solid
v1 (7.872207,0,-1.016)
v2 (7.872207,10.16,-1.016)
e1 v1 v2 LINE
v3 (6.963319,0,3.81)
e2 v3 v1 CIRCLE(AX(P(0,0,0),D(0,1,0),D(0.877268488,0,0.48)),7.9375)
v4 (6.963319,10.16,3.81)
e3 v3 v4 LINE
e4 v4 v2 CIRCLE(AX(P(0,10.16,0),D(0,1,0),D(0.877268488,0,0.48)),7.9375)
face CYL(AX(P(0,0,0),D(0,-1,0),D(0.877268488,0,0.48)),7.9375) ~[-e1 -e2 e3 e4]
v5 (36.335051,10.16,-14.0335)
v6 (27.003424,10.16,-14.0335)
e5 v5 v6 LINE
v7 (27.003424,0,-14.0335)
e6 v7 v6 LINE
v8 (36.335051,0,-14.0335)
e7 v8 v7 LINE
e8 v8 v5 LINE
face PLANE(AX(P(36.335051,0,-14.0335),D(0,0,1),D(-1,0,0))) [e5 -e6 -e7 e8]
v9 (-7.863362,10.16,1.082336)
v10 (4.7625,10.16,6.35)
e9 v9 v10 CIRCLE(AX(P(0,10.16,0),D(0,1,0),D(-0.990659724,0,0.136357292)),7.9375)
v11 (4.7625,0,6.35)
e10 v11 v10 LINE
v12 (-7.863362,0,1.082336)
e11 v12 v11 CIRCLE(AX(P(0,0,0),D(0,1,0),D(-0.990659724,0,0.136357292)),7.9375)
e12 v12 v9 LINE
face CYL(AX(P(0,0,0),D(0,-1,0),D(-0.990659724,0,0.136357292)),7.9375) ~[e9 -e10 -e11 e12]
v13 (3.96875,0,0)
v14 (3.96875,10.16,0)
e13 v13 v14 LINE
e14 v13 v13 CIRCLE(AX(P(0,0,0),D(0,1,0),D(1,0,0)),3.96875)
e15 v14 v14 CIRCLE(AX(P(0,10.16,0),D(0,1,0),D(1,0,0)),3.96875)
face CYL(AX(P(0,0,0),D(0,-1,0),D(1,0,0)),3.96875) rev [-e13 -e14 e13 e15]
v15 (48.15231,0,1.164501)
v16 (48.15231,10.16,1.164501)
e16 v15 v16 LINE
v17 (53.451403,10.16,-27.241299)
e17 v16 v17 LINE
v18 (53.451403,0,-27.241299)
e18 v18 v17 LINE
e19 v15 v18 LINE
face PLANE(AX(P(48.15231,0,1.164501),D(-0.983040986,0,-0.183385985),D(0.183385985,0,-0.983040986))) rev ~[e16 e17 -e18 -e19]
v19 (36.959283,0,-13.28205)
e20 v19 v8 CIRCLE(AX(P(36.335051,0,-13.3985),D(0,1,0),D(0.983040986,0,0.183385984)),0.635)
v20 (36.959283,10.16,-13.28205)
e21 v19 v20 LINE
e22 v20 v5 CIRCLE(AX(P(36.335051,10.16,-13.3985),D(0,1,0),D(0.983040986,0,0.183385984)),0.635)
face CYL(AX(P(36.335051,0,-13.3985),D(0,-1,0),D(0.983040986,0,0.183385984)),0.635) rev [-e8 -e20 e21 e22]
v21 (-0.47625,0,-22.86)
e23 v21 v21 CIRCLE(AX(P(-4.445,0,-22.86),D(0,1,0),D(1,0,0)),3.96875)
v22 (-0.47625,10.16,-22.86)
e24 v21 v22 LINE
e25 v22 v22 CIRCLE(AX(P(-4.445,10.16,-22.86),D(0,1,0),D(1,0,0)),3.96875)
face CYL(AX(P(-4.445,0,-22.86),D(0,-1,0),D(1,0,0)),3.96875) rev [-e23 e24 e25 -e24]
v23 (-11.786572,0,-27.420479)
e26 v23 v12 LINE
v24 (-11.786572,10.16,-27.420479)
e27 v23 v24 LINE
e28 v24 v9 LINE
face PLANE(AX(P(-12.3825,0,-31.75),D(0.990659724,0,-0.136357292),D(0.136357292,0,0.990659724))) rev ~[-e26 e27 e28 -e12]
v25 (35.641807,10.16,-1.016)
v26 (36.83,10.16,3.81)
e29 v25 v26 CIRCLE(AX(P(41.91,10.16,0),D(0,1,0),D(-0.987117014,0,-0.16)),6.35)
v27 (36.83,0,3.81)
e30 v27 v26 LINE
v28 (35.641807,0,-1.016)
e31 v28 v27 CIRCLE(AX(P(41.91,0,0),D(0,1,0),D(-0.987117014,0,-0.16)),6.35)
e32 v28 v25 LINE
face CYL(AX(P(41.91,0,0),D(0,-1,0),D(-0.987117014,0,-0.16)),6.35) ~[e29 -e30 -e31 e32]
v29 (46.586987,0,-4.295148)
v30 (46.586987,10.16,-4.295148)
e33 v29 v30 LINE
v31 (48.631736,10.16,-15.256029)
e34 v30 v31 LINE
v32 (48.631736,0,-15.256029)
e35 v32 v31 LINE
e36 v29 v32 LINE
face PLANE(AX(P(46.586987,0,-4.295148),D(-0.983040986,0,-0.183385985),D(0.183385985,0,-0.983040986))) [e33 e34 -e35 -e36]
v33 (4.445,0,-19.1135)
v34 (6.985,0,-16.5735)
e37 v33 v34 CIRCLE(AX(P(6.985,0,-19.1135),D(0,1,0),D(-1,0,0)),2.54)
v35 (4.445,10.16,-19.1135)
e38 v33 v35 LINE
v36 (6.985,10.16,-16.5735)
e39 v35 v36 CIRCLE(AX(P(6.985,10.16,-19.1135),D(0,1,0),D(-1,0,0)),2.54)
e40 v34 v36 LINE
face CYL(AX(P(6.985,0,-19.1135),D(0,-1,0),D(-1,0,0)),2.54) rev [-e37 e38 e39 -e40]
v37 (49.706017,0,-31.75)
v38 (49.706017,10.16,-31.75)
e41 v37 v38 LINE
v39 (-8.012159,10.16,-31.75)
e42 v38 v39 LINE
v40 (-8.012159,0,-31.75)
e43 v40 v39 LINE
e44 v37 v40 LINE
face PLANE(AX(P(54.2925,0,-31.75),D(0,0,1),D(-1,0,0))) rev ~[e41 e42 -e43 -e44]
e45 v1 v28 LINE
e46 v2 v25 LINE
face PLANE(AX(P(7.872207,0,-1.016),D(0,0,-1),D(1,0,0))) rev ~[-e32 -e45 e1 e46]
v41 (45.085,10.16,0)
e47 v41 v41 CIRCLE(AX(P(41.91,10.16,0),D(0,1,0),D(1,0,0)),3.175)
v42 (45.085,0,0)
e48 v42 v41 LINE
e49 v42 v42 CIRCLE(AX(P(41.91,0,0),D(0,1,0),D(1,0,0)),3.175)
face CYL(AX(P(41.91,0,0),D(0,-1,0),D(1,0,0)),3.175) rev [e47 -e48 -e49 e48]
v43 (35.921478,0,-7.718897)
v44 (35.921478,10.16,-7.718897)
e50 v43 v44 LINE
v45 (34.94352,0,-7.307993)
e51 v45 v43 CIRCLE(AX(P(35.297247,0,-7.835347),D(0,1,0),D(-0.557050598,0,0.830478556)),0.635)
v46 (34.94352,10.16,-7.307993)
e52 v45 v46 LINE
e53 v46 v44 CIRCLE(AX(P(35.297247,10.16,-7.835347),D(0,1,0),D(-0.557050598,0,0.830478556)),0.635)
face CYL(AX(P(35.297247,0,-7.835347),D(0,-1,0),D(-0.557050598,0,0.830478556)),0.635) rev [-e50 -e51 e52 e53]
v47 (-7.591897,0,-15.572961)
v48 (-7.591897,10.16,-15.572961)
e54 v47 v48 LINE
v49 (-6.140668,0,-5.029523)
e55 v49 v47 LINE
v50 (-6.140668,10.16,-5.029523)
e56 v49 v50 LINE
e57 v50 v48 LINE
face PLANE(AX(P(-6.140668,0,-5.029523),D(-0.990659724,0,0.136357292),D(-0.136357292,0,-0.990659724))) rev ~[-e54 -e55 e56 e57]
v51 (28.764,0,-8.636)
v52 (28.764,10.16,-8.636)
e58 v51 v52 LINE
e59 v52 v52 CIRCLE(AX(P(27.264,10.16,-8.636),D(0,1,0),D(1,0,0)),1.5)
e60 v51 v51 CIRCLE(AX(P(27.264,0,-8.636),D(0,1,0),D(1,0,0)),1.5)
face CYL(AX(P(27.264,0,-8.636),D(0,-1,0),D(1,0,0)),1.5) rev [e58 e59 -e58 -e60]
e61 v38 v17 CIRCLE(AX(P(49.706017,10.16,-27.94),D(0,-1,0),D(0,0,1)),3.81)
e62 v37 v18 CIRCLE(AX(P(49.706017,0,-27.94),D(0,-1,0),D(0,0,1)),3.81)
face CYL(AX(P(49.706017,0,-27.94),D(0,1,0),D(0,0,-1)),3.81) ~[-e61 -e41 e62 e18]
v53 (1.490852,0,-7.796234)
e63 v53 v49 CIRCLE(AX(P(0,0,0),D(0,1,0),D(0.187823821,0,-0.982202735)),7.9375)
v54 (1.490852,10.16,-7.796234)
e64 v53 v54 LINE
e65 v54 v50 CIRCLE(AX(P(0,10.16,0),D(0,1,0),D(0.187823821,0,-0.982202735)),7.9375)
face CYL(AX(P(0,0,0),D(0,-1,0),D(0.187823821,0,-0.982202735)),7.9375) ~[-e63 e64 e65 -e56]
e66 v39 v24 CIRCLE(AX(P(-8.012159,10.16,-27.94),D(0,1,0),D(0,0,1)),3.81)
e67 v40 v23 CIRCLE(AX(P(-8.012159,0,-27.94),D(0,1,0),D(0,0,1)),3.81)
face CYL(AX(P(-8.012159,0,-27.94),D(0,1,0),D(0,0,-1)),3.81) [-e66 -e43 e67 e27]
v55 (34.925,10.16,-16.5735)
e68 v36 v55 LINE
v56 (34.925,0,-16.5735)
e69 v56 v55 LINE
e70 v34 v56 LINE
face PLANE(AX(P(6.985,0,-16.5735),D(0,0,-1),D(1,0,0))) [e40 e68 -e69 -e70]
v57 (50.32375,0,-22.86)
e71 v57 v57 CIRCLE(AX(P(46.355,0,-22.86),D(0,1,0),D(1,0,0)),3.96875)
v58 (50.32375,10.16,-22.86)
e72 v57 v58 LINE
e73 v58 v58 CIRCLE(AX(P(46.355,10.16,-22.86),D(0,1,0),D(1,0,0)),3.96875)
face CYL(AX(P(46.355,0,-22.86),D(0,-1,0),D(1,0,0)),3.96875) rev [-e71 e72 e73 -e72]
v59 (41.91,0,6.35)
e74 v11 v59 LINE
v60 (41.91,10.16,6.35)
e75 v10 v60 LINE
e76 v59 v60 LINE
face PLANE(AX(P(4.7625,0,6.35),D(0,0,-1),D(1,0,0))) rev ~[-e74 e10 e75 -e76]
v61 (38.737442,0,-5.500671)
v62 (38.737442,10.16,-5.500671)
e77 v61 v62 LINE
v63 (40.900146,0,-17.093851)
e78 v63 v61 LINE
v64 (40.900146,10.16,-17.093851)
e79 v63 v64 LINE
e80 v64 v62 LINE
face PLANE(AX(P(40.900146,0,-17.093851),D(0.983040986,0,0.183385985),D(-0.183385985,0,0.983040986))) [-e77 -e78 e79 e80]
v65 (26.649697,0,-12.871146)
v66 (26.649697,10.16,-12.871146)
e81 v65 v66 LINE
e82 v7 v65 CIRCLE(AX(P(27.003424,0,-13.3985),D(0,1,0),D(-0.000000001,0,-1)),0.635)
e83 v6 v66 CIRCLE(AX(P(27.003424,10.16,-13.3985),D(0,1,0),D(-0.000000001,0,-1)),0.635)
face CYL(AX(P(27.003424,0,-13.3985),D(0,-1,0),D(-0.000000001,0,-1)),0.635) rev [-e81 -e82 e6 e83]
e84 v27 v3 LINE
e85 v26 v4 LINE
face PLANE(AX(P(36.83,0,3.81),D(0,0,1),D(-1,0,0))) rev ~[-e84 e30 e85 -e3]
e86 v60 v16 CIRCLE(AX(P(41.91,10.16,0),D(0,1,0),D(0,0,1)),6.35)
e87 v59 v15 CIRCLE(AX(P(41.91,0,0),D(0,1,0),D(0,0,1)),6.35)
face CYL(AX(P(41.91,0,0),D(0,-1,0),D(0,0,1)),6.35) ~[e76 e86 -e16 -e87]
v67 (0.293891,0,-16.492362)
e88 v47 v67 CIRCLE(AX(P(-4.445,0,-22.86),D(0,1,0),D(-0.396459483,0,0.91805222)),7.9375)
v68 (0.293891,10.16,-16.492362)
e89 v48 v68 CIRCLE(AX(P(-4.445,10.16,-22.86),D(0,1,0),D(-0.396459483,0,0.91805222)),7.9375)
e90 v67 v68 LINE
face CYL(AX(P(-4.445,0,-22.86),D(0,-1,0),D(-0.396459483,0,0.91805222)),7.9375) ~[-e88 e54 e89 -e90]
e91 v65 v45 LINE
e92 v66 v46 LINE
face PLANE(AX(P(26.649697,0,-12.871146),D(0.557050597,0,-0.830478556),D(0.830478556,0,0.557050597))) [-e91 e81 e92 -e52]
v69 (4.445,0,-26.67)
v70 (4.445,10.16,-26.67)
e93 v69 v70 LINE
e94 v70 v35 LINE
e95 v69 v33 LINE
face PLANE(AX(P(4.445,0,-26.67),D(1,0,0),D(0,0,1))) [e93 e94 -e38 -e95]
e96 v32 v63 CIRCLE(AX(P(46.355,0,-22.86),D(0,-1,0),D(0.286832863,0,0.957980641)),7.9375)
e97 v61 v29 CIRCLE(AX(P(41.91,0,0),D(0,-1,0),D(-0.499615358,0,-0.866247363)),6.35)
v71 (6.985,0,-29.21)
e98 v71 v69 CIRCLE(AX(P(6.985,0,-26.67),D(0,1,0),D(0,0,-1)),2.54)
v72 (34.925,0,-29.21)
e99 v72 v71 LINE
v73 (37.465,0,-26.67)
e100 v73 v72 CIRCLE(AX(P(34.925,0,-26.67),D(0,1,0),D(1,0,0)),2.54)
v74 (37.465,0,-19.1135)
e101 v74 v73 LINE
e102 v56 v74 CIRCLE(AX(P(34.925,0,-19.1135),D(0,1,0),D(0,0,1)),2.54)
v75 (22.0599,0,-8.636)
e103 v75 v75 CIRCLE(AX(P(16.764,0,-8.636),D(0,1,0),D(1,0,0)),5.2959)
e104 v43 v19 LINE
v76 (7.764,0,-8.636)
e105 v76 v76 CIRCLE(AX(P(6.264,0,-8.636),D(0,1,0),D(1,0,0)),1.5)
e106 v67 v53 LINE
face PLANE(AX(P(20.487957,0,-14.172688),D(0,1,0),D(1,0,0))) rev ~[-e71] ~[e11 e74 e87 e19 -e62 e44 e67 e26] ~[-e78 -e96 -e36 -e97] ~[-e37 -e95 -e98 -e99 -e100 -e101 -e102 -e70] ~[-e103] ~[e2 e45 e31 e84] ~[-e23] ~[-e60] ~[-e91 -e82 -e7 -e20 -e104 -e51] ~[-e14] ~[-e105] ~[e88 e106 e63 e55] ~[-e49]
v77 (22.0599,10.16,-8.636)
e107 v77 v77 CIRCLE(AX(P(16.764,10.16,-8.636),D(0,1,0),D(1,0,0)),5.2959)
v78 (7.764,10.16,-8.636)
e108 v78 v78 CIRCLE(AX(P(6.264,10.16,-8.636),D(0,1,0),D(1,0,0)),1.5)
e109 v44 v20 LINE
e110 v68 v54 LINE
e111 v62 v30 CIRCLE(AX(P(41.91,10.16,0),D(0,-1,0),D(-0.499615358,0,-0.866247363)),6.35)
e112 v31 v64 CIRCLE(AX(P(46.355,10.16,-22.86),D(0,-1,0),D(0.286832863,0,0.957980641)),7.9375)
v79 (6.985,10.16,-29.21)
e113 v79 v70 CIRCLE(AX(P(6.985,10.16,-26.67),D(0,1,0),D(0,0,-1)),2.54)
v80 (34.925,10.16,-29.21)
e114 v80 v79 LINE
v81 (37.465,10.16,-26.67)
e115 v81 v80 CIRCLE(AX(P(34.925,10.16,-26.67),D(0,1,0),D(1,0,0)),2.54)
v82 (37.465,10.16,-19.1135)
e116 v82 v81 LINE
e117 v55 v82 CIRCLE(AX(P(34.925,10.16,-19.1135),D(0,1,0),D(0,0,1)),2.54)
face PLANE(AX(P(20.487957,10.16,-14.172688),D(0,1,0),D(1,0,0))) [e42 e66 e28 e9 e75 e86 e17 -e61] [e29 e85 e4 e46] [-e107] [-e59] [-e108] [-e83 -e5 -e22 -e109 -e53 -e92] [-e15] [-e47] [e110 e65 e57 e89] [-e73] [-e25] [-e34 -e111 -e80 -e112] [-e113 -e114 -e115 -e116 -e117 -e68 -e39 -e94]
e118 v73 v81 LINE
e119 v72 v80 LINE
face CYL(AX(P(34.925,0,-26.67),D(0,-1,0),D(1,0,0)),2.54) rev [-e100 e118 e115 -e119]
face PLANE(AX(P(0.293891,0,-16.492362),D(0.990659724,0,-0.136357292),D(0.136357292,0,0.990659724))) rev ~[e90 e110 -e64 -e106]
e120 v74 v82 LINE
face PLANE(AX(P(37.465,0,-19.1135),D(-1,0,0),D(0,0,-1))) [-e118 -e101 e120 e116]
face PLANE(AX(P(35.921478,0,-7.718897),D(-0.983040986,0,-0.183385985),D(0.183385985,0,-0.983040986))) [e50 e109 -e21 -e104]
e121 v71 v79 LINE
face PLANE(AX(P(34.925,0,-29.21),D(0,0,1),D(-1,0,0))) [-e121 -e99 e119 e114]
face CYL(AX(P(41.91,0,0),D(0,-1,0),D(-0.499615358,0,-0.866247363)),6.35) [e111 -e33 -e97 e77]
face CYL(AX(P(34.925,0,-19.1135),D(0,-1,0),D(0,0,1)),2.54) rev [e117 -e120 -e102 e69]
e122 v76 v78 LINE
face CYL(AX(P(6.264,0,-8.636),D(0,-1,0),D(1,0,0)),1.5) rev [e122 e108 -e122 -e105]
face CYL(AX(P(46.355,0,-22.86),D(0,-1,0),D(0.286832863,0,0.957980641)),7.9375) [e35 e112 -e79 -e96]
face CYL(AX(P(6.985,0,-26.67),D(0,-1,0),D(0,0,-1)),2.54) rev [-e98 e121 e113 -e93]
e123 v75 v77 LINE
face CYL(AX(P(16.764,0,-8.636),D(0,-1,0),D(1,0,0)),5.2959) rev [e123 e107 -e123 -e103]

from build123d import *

# Parameters (mm, degrees)
SKETCH4_R           = 3.96875
SKETCH4_R_2         = 5.2959
SKETCH4_R_3         = 1.5
SKETCH4_R_4         = 3.175
BOSS_EXTRUDE2_DEPTH = 10.16
FILLET1_R           = 3.81


with BuildPart() as part:
    # Sketch4 → Boss-Extrude2 (new body)
    with BuildSketch(Plane(origin=(0, 0, 0), x_dir=(1, 0, 0), z_dir=(0, 1, 0))):
        with BuildLine():
            Line((54.2925, 31.75), (-12.3825, 31.75))
            Line((-12.3825, 31.75), (-7.863361559, -1.082336008))
            ThreePointArc((-7.863361559, -1.082336008), (-3.056289676, -7.325503373), (4.7625, -6.35))
            Line((4.7625, -6.35), (41.91, -6.35))
            ThreePointArc((41.91, -6.35), (45.967580476, -4.884520517), (48.152310263, -1.164501002))
            Line((48.152310263, -1.164501002), (54.2925, 31.75))
        make_face()
        Circle(SKETCH4_R, mode=Mode.SUBTRACT)
        with Locations((46.355, 22.86)):
            Circle(SKETCH4_R, mode=Mode.SUBTRACT)
        with Locations((-4.445, 22.86)):
            Circle(SKETCH4_R, mode=Mode.SUBTRACT)
        with Locations((16.764, 8.636)):
            Circle(SKETCH4_R_2, mode=Mode.SUBTRACT)
        with Locations((27.264, 8.636)):
            Circle(SKETCH4_R_3, mode=Mode.SUBTRACT)
        with Locations((6.264, 8.636)):
            Circle(SKETCH4_R_3, mode=Mode.SUBTRACT)
        with Locations((41.91, 0)):
            Circle(SKETCH4_R_4, mode=Mode.SUBTRACT)
        with BuildLine():
            Line((34.925, 29.21), (6.985, 29.21))
            ThreePointArc((6.985, 29.21), (5.188948776, 28.466051224), (4.445, 26.67))
            Line((4.445, 26.67), (4.445, 19.1135))
            ThreePointArc((4.445, 19.1135), (5.188948776, 17.317448776), (6.985, 16.5735))
            Line((6.985, 16.5735), (34.925, 16.5735))
            ThreePointArc((34.925, 16.5735), (36.721051224, 17.317448776), (37.465, 19.1135))
            Line((37.465, 19.1135), (37.465, 26.67))
            ThreePointArc((37.465, 26.67), (36.721051224, 28.466051224), (34.925, 29.21))
        make_face(mode=Mode.SUBTRACT)
        with BuildLine():
            Line((46.58698696, 4.295147609), (48.631735848, 15.256028661))
            ThreePointArc((48.631735848, 15.256028661), (44.519378774, 15.137668683), (40.900146495, 17.093850549))
            Line((40.900146495, 17.093850549), (38.737442476, 5.500670755))
            ThreePointArc((38.737442476, 5.500670755), (42.873923491, 6.276412312), (46.58698696, 4.295147609))
        make_face(mode=Mode.SUBTRACT)
        with BuildLine():
            Line((36.83, -3.81), (6.963318623, -3.81))
            ThreePointArc((6.963318623, -3.81), (7.800370345, -1.469057088), (7.872207457, 1.016))
            Line((7.872207457, 1.016), (35.641806959, 1.016))
            ThreePointArc((35.641806959, 1.016), (35.744131016, -1.518077625), (36.83, -3.81))
        make_face(mode=Mode.SUBTRACT)
        with BuildLine():
            Line((-6.14066773, 5.029523445), (-7.591897143, 15.572960504))
            ThreePointArc((-7.591897143, 15.572960504), (-3.525796009, 14.975903966), (0.293891225, 16.492361803))
            Line((0.293891225, 16.492361803), (1.490851578, 7.796234208))
            ThreePointArc((1.490851578, 7.796234208), (-2.705340953, 7.462240721), (-6.14066773, 5.029523445))
        make_face(mode=Mode.SUBTRACT)
        with BuildLine():
            Line((35.921478098, 7.718896983), (36.959282513, 13.2820499))
            ThreePointArc((36.959282513, 13.2820499), (36.823503538, 13.804258048), (36.335051487, 14.0335))
            Line((36.335051487, 14.0335), (27.003423807, 14.0335))
            ThreePointArc((27.003423807, 14.0335), (26.395931126, 13.583371961), (26.649696678, 12.871146117))
            Line((26.649696678, 12.871146117), (34.943519943, 7.307993201))
            ThreePointArc((34.943519943, 7.307993201), (35.543221805, 7.249922938), (35.921478098, 7.718896983))
        make_face(mode=Mode.SUBTRACT)
    extrude(amount=BOSS_EXTRUDE2_DEPTH)

    # Fillet1
    fillet1_edges = [part.edges().sort_by_distance(p)[0] for p in [
        (-12.3825, 5.08, -31.75),
        (54.2925, 5.08, -31.75),
    ]]
    fillet(fillet1_edges, radius=FILLET1_R)


solid = part.part
